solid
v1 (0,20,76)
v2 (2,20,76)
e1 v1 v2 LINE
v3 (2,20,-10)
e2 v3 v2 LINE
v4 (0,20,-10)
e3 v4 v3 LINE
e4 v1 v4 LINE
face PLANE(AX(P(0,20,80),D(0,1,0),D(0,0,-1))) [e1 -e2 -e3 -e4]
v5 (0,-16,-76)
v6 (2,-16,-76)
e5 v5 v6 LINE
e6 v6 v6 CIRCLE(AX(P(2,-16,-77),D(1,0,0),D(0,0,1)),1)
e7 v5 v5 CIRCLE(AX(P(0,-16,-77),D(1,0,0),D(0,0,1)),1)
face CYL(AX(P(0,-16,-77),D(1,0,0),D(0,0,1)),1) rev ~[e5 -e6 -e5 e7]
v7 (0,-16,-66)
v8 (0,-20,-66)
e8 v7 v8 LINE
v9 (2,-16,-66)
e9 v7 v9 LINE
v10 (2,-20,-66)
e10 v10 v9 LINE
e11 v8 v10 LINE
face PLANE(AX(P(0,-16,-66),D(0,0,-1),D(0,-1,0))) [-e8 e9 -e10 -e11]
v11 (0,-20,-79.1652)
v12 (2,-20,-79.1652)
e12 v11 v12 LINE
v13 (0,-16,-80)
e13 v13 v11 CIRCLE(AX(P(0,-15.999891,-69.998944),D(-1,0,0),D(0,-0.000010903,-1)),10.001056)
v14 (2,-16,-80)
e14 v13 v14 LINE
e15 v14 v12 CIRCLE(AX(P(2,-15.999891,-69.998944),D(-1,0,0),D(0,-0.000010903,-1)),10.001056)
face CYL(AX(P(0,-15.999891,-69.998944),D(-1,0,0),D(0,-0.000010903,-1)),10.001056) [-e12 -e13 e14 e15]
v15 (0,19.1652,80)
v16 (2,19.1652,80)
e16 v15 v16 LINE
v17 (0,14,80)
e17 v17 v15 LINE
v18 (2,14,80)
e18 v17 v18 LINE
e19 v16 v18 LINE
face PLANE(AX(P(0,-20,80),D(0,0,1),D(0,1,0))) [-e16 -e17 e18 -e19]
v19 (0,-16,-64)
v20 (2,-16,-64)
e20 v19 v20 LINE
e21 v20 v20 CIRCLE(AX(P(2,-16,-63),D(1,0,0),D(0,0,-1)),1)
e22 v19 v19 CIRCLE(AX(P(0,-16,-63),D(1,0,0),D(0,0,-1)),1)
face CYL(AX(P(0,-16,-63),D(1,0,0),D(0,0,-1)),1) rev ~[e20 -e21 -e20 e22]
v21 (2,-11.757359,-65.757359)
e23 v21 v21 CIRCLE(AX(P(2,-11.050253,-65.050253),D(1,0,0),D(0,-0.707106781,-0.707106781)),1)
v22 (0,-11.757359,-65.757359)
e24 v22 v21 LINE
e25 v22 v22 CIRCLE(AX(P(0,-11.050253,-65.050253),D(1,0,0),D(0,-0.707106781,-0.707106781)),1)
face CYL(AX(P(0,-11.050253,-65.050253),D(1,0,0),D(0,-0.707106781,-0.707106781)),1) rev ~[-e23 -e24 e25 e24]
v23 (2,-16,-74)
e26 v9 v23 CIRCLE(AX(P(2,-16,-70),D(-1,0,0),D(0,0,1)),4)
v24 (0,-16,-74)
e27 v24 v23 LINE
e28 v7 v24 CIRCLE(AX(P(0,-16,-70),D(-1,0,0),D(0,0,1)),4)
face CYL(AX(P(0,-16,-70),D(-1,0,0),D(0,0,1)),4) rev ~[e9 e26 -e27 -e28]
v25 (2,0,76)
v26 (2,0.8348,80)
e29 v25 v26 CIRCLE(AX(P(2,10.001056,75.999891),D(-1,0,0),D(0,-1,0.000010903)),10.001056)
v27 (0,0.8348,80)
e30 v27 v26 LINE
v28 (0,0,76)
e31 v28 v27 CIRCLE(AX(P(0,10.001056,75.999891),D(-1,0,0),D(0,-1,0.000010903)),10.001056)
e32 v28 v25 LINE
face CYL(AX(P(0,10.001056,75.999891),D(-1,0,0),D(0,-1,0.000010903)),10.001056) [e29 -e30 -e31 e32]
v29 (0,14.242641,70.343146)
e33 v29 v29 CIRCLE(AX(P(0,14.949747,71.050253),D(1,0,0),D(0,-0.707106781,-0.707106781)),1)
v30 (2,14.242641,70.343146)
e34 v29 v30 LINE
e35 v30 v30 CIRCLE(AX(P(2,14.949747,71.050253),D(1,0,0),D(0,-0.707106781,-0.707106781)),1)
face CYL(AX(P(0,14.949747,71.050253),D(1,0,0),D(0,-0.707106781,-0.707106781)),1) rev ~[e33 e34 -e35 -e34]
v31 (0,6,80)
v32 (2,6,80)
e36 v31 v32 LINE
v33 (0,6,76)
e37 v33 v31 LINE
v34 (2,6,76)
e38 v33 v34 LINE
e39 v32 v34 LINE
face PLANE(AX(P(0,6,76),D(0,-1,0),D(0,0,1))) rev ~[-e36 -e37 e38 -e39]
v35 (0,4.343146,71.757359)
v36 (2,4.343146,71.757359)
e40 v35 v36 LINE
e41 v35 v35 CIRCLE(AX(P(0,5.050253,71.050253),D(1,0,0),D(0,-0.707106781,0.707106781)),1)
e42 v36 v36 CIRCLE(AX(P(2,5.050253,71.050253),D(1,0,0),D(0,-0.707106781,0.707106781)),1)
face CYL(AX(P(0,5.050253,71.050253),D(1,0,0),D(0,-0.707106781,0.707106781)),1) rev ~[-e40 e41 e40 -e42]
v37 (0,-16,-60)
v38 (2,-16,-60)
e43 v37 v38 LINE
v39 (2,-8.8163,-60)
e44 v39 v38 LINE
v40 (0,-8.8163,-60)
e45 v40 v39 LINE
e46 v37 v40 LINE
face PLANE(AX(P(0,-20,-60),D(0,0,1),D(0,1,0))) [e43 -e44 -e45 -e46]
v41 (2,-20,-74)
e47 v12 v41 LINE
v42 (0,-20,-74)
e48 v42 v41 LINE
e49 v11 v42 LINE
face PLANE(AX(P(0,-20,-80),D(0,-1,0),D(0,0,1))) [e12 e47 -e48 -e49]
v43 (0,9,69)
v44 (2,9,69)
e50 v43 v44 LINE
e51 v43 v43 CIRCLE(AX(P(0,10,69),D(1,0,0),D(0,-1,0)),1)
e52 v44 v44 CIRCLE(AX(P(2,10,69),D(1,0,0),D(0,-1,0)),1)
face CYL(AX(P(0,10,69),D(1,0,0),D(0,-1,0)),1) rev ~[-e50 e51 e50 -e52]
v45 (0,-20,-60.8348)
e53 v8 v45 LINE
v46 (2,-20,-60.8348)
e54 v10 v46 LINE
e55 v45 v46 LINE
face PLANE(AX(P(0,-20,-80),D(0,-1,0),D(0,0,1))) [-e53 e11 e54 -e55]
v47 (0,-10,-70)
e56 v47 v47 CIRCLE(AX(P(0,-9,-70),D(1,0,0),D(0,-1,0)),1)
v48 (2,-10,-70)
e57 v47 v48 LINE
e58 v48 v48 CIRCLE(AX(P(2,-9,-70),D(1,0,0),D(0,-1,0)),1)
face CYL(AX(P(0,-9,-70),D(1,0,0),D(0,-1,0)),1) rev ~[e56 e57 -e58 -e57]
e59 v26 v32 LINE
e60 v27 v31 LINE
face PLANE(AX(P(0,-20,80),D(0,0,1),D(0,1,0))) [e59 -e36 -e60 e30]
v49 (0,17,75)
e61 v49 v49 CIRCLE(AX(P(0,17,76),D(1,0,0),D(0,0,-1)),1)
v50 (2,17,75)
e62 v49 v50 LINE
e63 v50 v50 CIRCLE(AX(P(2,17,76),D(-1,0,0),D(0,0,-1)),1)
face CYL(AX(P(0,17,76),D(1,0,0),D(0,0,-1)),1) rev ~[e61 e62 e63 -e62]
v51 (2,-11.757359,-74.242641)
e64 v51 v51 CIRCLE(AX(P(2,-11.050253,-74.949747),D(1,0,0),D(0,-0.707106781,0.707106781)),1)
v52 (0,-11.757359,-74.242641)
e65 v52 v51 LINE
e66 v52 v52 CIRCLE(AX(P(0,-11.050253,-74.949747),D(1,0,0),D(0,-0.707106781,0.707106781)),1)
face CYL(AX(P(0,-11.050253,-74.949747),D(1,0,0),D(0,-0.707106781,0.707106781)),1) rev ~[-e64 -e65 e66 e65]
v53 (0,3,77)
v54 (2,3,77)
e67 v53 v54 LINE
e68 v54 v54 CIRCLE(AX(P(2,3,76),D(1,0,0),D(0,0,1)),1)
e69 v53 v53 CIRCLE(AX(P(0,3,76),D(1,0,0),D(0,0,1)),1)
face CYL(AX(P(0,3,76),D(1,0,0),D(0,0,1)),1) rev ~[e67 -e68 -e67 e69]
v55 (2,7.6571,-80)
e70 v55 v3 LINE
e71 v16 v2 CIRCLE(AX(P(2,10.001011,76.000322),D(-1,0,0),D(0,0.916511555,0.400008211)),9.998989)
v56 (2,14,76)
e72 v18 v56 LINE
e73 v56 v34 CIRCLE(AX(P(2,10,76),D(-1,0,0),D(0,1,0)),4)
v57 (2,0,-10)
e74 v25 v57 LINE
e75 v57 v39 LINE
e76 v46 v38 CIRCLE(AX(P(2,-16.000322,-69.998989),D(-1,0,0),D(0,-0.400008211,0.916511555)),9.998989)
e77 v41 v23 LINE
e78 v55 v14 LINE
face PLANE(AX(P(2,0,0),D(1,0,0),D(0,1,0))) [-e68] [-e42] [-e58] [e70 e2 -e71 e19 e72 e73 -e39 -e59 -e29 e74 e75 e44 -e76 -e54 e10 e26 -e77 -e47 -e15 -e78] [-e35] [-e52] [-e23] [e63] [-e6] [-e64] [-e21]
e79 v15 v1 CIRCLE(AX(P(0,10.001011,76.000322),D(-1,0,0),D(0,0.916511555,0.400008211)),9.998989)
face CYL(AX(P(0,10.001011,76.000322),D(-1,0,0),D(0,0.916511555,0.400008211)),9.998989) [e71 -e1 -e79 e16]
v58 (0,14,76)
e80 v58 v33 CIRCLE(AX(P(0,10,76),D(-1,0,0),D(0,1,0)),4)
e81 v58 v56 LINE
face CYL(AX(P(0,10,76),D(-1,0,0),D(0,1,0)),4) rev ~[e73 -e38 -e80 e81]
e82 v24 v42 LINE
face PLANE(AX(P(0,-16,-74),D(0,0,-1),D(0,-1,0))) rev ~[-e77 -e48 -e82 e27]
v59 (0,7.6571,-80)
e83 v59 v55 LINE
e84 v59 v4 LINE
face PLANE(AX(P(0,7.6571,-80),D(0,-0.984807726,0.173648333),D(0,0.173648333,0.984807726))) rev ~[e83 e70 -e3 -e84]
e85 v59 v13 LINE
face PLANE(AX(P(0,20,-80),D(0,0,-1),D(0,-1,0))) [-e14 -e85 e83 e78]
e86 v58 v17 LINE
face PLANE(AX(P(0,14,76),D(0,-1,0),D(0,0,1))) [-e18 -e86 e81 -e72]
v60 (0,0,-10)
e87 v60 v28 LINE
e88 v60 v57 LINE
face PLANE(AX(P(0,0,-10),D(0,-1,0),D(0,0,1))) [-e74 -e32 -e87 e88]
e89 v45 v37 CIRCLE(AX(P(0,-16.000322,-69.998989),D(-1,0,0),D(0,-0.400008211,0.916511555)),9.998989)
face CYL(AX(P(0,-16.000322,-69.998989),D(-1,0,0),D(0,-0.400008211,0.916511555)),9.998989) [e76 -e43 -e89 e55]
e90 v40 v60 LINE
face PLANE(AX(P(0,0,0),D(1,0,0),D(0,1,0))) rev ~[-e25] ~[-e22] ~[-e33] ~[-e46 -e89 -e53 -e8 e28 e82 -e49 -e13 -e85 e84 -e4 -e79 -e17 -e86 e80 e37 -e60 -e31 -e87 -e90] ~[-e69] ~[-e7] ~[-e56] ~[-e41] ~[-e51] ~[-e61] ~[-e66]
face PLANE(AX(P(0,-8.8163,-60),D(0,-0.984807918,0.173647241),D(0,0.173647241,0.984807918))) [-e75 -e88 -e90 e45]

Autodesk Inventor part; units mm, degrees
ref_plane "YZ Plane" through (0, 0, 0) normal (1, 0, 0) x (0, 1, 0)
ref_plane "XZ Plane" through (0, 0, 0) normal (0, 1, 0) x (-1, 0, 0)
ref_plane "XY Plane" through (0, 0, 0) normal (0, 0, 1) x (1, 0, 0)
sketch "スケッチ1" plane through (0, 0, 0) normal (1, 0, 0) x (0, 1, 0)
  line L0 (-20, 80) -> (20, 80)
  line L1 (20, 80) -> (20, -80)
  line L2 (20, -80) -> (-20, -80)
  line L3 (-20, -80) -> (-20, 80)
  point P0 (0, 0)
  dimension "d0" = 160
  dimension "d2" = 40
  dimension "d3" = 20
  dimension "d4" = 80
extrude "押し出し1" add sketch "スケッチ1" along normal blind 2
sketch "スケッチ2" plane through (2, 0, 0) normal (1, 0, 0) x (0, 0, -1)
  line L0 (80, -20) -> (80, 20) projected
  line L1 (80, 20) -> (-80, 20) projected
  line L2 (-80, 20) -> (80, 20)
  line L3 (80, 20) -> (80, 18)
  line L4 (80, 18) -> (-80, 18)
  line L5 (-80, 18) -> (-80, 20)
  point P0 (0, 0)
  dimension "d7" = 2
extrude "押し出し2" add sketch "スケッチ2" along normal blind 20
sketch "スケッチ3" plane through (0, 0, 0) normal (-1, 0, 0) x (0, 0, 1)
  line L0 (80, -20) -> (80, 20) projected
  line L1 (80, 20) -> (-80, 20) projected
  line L2 (-80, 20) -> (-80, -20) projected
  line L3 (-80, -20) -> (80, -20) projected
  line L4 (-60, -20) -> (-60, -8.8163)
  line L5 (-60, -8.8163) -> (-10, 0)
  line L6 (-10, 0) -> (80, 0)
  line L7 (80, 0) -> (80, 20)
  line L8 (-80, 7.6571) -> (-10, 20)
  point P0 (0, 0)
  dimension "d11" = 20
  dimension "d12" = 10
  dimension "d13" = 10
  dimension "d14" = 20
  dimension "d15" = 160
  dimension "d17" = 90
  dimension "d18" = 90
extrude "押し出し3" cut sketch "スケッチ3" against normal blind 20 contours L6 L5 L4 L3 L2 L8 L1 L0 keep common part
sketch "スケッチ6" plane through (0, 0, 0) normal (-1, 0, 0) x (0, 0, 1)
  line L0 (-60, -8.8163) -> (-60, -20) projected
  line L1 (-10, 0) -> (-60, -8.8163) projected
  line L2 (80, 0) -> (-10, 0) projected
  line L3 (80, 0) -> (80, 20) projected
  line L4 (80, 20) -> (-10, 20) projected
  line L5 (-80, 7.6571) -> (-10, 20) projected
  line L6 (-80, 7.6571) -> (-80, -20) projected
  line L7 (-80, -20) -> (-60, -20) projected
  arc A0 (-66, -16) -> (-74, -16) centre (-70, -16) ccw
  arc A1 (76, 14) -> (76, 6) centre (76, 10) ccw
  line L8 (-74, -16) -> (-74, -20)
  line L9 (-66, -16) -> (-66, -20)
  line L10 (76, 14) -> (80, 14)
  line L11 (76, 6) -> (80, 6)
  arc A2 (-60.8348, -20) -> (-60, -16) centre (-70, -16) ccw
  arc A3 (-80, -16) -> (-79.1652, -20) centre (-70, -16) ccw
  arc A4 (76, 0) -> (80, 0.8348) centre (76, 10) ccw
  arc A5 (80, 19.1652) -> (76, 20) centre (76, 10) ccw
  point P0 (0, 0)
  dimension "d37" = 8
  dimension "d39" = 8
  dimension "d40" = 4
  dimension "d41" = 4
  dimension "d42" = 10
  dimension "d43" = 10
extrude "押し出し6" cut sketch "スケッチ6" against normal blind 11 contours L0 A2 L7 L9 A0 L8 A3 L6 L5 L4 A5 L3 L10 A1 L11 A4 L2 L1 keep common part
sketch "スケッチ7" plane through (0, 0, 0) normal (-1, 0, 0) x (0, 0, 1)
  arc A0 (80, 19.1652) -> (76, 20) centre (76, 10) ccw projected
  arc A1 (-80, -16) -> (-79.1652, -20) centre (-70, -16) ccw projected
  line L0 (-79.1652, -20) -> (-74, -20) projected
  line L1 (80, 0.8348) -> (80, 6) projected
  circle A2 centre (76, 3) radius 1
  circle A3 centre (-77, -16) radius 1
  point P0 (0, 0)
  dimension "d46" = 2
  dimension "d48" = 7
  dimension "d49" = 4
  dimension "d50" = 4
  dimension "d51" = 7
hole "穴1" at (0, -16, -77) at (0, 3, 76) direction (1, 0, 0) diameter 2 end through all
pattern_circular "円形状パターン1" count 5 over 180 about axis through (0, -16, -70) along (1, 0, 0) of "穴1"
pattern_circular "円形状パターン2" count 5 over 180 about axis through (0, 10, 76) along (1, 0, 0) of "穴1"
sketch "スケッチ11" plane through (2, 18, 80) normal (0, -1, 0) x (1, 0, 0)
  line L0 (9, 0) -> (9, -101.3426) projected
  line L1 (0, 0) -> (9, 0) projected
  line L2 (0, -4) -> (0, 0) projected
  line L3 (0, -101.3426) -> (0, -4) projected
  line L4 (9, -101.3426) -> (0, -101.3426) projected
  point P0 (-2, -80)
extrude "押し出し10" cut sketch "スケッチ11" against normal blind 2
properties part number "09" material "アルミニウム 6061"
